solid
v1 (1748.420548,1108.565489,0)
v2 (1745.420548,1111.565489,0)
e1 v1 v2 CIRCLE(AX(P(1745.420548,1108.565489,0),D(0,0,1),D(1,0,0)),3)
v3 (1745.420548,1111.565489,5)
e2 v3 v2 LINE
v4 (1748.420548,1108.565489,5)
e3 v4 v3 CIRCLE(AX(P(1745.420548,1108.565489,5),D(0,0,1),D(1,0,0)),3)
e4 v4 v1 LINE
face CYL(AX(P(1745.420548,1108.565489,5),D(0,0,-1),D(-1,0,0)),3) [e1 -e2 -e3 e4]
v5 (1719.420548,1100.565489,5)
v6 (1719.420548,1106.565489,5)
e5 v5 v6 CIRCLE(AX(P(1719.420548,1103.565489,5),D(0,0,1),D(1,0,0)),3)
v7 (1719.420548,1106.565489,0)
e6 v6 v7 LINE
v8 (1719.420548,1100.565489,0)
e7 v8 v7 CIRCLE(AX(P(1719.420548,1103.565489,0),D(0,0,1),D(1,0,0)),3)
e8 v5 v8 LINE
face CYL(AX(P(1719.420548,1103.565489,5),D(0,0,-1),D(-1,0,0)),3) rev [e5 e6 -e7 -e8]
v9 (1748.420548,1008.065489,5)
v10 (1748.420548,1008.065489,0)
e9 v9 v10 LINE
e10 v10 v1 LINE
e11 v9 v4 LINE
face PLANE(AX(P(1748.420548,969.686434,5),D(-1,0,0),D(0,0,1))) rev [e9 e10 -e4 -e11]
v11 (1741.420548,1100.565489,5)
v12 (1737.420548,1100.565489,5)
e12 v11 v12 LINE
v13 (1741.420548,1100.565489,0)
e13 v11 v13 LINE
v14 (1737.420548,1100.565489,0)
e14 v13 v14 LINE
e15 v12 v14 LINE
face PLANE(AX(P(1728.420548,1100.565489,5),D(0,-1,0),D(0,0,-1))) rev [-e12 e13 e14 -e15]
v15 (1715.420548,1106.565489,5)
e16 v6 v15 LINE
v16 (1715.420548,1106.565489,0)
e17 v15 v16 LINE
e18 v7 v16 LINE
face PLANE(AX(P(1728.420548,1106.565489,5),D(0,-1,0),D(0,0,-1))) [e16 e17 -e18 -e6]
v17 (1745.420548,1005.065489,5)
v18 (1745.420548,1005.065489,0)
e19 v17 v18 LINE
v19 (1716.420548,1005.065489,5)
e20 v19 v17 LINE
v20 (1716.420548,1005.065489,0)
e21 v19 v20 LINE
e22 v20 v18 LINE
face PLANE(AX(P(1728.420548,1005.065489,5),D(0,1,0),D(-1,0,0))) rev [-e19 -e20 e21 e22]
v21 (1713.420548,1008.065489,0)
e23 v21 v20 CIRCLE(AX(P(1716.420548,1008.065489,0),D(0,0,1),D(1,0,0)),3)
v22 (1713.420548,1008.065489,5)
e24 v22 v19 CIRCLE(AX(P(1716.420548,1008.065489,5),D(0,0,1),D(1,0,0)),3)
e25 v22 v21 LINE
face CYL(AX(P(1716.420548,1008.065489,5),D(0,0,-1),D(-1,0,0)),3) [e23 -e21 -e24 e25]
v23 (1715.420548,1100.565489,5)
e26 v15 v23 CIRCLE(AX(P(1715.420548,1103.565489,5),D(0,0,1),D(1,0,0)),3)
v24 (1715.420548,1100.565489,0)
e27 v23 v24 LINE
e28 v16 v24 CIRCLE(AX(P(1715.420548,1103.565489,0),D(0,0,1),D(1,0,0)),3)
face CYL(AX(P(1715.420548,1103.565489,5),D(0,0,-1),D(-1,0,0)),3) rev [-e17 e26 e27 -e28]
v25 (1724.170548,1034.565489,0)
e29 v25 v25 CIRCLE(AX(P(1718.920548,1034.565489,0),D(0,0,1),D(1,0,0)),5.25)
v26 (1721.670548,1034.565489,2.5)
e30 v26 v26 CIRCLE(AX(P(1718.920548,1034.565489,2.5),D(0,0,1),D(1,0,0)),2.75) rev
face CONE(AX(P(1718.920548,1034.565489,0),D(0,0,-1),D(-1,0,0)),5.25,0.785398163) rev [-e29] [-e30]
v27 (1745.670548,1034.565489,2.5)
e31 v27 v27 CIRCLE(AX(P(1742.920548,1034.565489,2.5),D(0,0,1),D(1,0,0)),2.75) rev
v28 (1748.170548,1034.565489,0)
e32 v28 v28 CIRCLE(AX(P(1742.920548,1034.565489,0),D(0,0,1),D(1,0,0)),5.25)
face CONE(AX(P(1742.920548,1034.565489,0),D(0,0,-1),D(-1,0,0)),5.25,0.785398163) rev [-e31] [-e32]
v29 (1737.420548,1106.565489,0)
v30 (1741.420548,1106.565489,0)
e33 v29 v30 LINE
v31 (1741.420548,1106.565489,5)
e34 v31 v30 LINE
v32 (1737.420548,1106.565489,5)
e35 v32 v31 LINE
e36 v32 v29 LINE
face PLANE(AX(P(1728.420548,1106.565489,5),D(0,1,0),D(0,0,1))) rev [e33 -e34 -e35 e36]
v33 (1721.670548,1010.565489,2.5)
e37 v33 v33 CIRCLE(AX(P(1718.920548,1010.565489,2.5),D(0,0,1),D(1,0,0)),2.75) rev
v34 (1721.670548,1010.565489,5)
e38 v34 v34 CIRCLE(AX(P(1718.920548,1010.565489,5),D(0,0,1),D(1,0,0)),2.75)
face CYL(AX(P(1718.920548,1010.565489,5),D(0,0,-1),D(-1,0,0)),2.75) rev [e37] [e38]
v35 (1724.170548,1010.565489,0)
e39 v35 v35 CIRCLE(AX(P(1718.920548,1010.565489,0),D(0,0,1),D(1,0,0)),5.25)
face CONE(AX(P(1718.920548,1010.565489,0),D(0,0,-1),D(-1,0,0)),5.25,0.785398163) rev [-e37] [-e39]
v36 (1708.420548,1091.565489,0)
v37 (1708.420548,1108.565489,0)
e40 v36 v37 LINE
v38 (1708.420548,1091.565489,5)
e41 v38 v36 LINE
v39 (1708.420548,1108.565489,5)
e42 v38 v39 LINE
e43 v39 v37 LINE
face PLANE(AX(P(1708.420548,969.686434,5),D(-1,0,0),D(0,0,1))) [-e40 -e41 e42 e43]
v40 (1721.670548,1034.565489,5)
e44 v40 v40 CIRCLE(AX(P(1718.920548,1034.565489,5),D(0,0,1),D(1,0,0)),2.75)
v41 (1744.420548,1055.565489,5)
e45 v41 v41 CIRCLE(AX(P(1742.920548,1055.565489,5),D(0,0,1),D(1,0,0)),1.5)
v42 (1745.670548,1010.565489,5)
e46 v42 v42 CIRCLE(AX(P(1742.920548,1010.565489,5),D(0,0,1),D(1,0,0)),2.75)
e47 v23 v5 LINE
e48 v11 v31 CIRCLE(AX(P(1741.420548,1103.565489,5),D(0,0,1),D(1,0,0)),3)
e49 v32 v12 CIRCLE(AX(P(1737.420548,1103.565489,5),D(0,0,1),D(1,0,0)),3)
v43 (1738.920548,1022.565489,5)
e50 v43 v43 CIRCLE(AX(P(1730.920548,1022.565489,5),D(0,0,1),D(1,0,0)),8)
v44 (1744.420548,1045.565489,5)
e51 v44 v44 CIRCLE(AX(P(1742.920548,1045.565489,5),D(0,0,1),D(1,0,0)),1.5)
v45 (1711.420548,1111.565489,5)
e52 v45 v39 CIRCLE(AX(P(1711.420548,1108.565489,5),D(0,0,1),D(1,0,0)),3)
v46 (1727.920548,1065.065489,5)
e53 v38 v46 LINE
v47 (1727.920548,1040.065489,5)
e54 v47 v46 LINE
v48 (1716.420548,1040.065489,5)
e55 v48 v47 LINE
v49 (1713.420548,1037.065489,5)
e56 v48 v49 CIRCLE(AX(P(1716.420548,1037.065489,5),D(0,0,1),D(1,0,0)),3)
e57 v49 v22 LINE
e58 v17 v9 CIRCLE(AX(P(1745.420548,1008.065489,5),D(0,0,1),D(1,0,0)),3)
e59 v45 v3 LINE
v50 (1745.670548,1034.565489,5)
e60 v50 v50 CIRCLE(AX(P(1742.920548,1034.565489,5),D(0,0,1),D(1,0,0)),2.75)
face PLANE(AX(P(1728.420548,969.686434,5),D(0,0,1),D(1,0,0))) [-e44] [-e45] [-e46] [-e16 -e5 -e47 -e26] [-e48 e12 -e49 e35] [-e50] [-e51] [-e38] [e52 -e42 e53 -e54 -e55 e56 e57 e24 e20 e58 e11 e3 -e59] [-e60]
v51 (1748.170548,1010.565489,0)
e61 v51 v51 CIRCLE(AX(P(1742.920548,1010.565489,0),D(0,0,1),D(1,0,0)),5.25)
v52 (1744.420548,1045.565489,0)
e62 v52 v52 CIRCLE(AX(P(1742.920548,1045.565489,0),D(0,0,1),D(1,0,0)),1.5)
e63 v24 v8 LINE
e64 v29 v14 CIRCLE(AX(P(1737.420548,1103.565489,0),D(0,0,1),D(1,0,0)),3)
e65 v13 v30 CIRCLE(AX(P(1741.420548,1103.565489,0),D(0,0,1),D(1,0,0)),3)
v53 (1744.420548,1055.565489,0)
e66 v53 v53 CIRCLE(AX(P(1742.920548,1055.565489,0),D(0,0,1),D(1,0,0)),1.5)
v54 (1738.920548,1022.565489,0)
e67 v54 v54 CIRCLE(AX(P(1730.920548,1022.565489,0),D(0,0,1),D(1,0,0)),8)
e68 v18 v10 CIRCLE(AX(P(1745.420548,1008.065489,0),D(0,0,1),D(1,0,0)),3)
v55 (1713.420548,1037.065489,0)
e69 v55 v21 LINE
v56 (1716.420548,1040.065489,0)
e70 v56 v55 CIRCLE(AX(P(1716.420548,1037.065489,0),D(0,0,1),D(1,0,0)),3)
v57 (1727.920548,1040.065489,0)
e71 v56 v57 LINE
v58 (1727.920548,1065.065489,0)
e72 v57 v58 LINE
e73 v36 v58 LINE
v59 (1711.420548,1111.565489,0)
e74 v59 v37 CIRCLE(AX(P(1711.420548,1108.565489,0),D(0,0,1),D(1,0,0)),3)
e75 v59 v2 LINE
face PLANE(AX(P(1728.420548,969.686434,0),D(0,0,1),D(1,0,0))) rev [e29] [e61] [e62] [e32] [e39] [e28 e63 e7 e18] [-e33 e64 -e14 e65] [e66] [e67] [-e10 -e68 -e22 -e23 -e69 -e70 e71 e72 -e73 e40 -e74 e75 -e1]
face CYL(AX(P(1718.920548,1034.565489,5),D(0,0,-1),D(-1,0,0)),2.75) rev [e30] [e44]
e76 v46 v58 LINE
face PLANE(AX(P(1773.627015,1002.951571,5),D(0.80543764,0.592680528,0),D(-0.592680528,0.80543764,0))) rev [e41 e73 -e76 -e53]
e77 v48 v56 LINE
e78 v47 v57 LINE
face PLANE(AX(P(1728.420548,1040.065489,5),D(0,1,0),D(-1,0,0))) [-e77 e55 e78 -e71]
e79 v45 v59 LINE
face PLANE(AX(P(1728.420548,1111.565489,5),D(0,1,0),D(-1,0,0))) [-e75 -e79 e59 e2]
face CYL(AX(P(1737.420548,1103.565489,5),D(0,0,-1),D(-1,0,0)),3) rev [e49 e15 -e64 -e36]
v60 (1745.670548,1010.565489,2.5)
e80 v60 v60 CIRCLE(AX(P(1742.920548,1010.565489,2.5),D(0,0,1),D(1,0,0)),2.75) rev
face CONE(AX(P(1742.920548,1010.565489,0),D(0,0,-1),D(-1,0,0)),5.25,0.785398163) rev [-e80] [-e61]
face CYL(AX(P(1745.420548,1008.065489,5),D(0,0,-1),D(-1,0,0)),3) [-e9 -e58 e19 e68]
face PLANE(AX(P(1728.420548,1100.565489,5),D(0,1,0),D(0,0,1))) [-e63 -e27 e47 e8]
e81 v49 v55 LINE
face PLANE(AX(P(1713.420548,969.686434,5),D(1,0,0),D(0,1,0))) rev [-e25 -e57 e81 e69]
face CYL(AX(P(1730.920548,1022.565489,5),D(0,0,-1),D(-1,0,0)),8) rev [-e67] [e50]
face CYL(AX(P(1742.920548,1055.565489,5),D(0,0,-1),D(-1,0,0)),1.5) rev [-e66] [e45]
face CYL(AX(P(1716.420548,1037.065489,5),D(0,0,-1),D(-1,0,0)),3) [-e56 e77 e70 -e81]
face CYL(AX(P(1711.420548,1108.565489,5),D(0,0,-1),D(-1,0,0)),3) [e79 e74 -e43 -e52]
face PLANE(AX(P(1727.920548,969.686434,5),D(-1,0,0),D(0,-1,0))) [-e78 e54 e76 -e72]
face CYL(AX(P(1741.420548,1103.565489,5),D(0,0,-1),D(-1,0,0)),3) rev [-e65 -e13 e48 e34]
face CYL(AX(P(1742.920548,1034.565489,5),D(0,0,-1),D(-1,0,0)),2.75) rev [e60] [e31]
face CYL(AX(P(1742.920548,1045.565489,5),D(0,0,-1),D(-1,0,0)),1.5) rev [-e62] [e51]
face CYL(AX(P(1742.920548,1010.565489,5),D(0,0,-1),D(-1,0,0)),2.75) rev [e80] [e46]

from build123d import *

# Parameters (mm, degrees)
SKETCH_1_R      = 2.75
SKETCH_1_R_2    = 8
SKETCH_1_R_3    = 1.5
EXTRUDE_1_DEPTH = 5
CHAMFER_1_SIZE  = 2.5


with BuildPart() as part:
    # 草图1 → 拉伸1 (new body)
    with BuildSketch(Plane.XY):
        with BuildLine():
            Line((1708.420547593, 1108.565488817), (1708.420547593, 1091.565488817))
            Line((1708.420547593, 1091.565488817), (1727.920547593, 1065.065488817))
            Line((1727.920547593, 1065.065488817), (1727.920547593, 1040.065488817))
            Line((1727.920547593, 1040.065488817), (1716.420547593, 1040.065488817))
            ThreePointArc((1716.420547593, 1040.065488817), (1714.29922725, 1039.186809161), (1713.420547593, 1037.065488817))
            Line((1713.420547593, 1037.065488817), (1713.420547593, 1008.065488817))
            ThreePointArc((1713.420547593, 1008.065488817), (1714.29922725, 1005.944168474), (1716.420547593, 1005.065488817))
            Line((1716.420547593, 1005.065488817), (1745.420547593, 1005.065488817))
            ThreePointArc((1745.420547593, 1005.065488817), (1747.541867937, 1005.944168474), (1748.420547593, 1008.065488817))
            Line((1748.420547593, 1008.065488817), (1748.420547593, 1108.565488817))
            ThreePointArc((1748.420547593, 1108.565488817), (1747.541867937, 1110.686809161), (1745.420547593, 1111.565488817))
            Line((1745.420547593, 1111.565488817), (1711.420547593, 1111.565488817))
            ThreePointArc((1711.420547593, 1111.565488817), (1709.29922725, 1110.686809161), (1708.420547593, 1108.565488817))
        make_face()
        with Locations((1718.920547593, 1010.565488817)):
            Circle(SKETCH_1_R, mode=Mode.SUBTRACT)
        with Locations((1718.920547593, 1034.565488817)):
            Circle(SKETCH_1_R, mode=Mode.SUBTRACT)
        with Locations((1730.920547593, 1022.565488817)):
            Circle(SKETCH_1_R_2, mode=Mode.SUBTRACT)
        with Locations((1742.920547593, 1010.565488817)):
            Circle(SKETCH_1_R, mode=Mode.SUBTRACT)
        with Locations((1742.920547593, 1034.565488817)):
            Circle(SKETCH_1_R, mode=Mode.SUBTRACT)
        with Locations((1742.920547593, 1045.565488817)):
            Circle(SKETCH_1_R_3, mode=Mode.SUBTRACT)
        with Locations((1742.920547593, 1055.565488817)):
            Circle(SKETCH_1_R_3, mode=Mode.SUBTRACT)
        with BuildLine():
            Line((1715.420547593, 1106.565488817), (1719.420547593, 1106.565488817))
            ThreePointArc((1719.420547593, 1106.565488817), (1722.420547593, 1103.565488817), (1719.420547593, 1100.565488817))
            Line((1719.420547593, 1100.565488817), (1715.420547593, 1100.565488817))
            ThreePointArc((1715.420547593, 1100.565488817), (1712.420547593, 1103.565488817), (1715.420547593, 1106.565488817))
        make_face(mode=Mode.SUBTRACT)
        with BuildLine():
            ThreePointArc((1737.420547593, 1100.565488817), (1734.420547593, 1103.565488817), (1737.420547593, 1106.565488817))
            Line((1737.420547593, 1106.565488817), (1741.420547593, 1106.565488817))
            ThreePointArc((1741.420547593, 1106.565488817), (1744.420547593, 1103.565488817), (1741.420547593, 1100.565488817))
            Line((1741.420547593, 1100.565488817), (1737.420547593, 1100.565488817))
        make_face(mode=Mode.SUBTRACT)
    extrude(amount=EXTRUDE_1_DEPTH)

    # 倒角1
    chamfer_1_edges = [part.edges().sort_by_distance(p)[0] for p in [
        (1740.170547593, 1034.565488817, 0),
        (1740.170547593, 1010.565488817, 0),
        (1716.170547593, 1010.565488817, 0),
        (1716.170547593, 1034.565488817, 0),
    ]]
    chamfer(chamfer_1_edges, length=CHAMFER_1_SIZE)


solid = part.part
